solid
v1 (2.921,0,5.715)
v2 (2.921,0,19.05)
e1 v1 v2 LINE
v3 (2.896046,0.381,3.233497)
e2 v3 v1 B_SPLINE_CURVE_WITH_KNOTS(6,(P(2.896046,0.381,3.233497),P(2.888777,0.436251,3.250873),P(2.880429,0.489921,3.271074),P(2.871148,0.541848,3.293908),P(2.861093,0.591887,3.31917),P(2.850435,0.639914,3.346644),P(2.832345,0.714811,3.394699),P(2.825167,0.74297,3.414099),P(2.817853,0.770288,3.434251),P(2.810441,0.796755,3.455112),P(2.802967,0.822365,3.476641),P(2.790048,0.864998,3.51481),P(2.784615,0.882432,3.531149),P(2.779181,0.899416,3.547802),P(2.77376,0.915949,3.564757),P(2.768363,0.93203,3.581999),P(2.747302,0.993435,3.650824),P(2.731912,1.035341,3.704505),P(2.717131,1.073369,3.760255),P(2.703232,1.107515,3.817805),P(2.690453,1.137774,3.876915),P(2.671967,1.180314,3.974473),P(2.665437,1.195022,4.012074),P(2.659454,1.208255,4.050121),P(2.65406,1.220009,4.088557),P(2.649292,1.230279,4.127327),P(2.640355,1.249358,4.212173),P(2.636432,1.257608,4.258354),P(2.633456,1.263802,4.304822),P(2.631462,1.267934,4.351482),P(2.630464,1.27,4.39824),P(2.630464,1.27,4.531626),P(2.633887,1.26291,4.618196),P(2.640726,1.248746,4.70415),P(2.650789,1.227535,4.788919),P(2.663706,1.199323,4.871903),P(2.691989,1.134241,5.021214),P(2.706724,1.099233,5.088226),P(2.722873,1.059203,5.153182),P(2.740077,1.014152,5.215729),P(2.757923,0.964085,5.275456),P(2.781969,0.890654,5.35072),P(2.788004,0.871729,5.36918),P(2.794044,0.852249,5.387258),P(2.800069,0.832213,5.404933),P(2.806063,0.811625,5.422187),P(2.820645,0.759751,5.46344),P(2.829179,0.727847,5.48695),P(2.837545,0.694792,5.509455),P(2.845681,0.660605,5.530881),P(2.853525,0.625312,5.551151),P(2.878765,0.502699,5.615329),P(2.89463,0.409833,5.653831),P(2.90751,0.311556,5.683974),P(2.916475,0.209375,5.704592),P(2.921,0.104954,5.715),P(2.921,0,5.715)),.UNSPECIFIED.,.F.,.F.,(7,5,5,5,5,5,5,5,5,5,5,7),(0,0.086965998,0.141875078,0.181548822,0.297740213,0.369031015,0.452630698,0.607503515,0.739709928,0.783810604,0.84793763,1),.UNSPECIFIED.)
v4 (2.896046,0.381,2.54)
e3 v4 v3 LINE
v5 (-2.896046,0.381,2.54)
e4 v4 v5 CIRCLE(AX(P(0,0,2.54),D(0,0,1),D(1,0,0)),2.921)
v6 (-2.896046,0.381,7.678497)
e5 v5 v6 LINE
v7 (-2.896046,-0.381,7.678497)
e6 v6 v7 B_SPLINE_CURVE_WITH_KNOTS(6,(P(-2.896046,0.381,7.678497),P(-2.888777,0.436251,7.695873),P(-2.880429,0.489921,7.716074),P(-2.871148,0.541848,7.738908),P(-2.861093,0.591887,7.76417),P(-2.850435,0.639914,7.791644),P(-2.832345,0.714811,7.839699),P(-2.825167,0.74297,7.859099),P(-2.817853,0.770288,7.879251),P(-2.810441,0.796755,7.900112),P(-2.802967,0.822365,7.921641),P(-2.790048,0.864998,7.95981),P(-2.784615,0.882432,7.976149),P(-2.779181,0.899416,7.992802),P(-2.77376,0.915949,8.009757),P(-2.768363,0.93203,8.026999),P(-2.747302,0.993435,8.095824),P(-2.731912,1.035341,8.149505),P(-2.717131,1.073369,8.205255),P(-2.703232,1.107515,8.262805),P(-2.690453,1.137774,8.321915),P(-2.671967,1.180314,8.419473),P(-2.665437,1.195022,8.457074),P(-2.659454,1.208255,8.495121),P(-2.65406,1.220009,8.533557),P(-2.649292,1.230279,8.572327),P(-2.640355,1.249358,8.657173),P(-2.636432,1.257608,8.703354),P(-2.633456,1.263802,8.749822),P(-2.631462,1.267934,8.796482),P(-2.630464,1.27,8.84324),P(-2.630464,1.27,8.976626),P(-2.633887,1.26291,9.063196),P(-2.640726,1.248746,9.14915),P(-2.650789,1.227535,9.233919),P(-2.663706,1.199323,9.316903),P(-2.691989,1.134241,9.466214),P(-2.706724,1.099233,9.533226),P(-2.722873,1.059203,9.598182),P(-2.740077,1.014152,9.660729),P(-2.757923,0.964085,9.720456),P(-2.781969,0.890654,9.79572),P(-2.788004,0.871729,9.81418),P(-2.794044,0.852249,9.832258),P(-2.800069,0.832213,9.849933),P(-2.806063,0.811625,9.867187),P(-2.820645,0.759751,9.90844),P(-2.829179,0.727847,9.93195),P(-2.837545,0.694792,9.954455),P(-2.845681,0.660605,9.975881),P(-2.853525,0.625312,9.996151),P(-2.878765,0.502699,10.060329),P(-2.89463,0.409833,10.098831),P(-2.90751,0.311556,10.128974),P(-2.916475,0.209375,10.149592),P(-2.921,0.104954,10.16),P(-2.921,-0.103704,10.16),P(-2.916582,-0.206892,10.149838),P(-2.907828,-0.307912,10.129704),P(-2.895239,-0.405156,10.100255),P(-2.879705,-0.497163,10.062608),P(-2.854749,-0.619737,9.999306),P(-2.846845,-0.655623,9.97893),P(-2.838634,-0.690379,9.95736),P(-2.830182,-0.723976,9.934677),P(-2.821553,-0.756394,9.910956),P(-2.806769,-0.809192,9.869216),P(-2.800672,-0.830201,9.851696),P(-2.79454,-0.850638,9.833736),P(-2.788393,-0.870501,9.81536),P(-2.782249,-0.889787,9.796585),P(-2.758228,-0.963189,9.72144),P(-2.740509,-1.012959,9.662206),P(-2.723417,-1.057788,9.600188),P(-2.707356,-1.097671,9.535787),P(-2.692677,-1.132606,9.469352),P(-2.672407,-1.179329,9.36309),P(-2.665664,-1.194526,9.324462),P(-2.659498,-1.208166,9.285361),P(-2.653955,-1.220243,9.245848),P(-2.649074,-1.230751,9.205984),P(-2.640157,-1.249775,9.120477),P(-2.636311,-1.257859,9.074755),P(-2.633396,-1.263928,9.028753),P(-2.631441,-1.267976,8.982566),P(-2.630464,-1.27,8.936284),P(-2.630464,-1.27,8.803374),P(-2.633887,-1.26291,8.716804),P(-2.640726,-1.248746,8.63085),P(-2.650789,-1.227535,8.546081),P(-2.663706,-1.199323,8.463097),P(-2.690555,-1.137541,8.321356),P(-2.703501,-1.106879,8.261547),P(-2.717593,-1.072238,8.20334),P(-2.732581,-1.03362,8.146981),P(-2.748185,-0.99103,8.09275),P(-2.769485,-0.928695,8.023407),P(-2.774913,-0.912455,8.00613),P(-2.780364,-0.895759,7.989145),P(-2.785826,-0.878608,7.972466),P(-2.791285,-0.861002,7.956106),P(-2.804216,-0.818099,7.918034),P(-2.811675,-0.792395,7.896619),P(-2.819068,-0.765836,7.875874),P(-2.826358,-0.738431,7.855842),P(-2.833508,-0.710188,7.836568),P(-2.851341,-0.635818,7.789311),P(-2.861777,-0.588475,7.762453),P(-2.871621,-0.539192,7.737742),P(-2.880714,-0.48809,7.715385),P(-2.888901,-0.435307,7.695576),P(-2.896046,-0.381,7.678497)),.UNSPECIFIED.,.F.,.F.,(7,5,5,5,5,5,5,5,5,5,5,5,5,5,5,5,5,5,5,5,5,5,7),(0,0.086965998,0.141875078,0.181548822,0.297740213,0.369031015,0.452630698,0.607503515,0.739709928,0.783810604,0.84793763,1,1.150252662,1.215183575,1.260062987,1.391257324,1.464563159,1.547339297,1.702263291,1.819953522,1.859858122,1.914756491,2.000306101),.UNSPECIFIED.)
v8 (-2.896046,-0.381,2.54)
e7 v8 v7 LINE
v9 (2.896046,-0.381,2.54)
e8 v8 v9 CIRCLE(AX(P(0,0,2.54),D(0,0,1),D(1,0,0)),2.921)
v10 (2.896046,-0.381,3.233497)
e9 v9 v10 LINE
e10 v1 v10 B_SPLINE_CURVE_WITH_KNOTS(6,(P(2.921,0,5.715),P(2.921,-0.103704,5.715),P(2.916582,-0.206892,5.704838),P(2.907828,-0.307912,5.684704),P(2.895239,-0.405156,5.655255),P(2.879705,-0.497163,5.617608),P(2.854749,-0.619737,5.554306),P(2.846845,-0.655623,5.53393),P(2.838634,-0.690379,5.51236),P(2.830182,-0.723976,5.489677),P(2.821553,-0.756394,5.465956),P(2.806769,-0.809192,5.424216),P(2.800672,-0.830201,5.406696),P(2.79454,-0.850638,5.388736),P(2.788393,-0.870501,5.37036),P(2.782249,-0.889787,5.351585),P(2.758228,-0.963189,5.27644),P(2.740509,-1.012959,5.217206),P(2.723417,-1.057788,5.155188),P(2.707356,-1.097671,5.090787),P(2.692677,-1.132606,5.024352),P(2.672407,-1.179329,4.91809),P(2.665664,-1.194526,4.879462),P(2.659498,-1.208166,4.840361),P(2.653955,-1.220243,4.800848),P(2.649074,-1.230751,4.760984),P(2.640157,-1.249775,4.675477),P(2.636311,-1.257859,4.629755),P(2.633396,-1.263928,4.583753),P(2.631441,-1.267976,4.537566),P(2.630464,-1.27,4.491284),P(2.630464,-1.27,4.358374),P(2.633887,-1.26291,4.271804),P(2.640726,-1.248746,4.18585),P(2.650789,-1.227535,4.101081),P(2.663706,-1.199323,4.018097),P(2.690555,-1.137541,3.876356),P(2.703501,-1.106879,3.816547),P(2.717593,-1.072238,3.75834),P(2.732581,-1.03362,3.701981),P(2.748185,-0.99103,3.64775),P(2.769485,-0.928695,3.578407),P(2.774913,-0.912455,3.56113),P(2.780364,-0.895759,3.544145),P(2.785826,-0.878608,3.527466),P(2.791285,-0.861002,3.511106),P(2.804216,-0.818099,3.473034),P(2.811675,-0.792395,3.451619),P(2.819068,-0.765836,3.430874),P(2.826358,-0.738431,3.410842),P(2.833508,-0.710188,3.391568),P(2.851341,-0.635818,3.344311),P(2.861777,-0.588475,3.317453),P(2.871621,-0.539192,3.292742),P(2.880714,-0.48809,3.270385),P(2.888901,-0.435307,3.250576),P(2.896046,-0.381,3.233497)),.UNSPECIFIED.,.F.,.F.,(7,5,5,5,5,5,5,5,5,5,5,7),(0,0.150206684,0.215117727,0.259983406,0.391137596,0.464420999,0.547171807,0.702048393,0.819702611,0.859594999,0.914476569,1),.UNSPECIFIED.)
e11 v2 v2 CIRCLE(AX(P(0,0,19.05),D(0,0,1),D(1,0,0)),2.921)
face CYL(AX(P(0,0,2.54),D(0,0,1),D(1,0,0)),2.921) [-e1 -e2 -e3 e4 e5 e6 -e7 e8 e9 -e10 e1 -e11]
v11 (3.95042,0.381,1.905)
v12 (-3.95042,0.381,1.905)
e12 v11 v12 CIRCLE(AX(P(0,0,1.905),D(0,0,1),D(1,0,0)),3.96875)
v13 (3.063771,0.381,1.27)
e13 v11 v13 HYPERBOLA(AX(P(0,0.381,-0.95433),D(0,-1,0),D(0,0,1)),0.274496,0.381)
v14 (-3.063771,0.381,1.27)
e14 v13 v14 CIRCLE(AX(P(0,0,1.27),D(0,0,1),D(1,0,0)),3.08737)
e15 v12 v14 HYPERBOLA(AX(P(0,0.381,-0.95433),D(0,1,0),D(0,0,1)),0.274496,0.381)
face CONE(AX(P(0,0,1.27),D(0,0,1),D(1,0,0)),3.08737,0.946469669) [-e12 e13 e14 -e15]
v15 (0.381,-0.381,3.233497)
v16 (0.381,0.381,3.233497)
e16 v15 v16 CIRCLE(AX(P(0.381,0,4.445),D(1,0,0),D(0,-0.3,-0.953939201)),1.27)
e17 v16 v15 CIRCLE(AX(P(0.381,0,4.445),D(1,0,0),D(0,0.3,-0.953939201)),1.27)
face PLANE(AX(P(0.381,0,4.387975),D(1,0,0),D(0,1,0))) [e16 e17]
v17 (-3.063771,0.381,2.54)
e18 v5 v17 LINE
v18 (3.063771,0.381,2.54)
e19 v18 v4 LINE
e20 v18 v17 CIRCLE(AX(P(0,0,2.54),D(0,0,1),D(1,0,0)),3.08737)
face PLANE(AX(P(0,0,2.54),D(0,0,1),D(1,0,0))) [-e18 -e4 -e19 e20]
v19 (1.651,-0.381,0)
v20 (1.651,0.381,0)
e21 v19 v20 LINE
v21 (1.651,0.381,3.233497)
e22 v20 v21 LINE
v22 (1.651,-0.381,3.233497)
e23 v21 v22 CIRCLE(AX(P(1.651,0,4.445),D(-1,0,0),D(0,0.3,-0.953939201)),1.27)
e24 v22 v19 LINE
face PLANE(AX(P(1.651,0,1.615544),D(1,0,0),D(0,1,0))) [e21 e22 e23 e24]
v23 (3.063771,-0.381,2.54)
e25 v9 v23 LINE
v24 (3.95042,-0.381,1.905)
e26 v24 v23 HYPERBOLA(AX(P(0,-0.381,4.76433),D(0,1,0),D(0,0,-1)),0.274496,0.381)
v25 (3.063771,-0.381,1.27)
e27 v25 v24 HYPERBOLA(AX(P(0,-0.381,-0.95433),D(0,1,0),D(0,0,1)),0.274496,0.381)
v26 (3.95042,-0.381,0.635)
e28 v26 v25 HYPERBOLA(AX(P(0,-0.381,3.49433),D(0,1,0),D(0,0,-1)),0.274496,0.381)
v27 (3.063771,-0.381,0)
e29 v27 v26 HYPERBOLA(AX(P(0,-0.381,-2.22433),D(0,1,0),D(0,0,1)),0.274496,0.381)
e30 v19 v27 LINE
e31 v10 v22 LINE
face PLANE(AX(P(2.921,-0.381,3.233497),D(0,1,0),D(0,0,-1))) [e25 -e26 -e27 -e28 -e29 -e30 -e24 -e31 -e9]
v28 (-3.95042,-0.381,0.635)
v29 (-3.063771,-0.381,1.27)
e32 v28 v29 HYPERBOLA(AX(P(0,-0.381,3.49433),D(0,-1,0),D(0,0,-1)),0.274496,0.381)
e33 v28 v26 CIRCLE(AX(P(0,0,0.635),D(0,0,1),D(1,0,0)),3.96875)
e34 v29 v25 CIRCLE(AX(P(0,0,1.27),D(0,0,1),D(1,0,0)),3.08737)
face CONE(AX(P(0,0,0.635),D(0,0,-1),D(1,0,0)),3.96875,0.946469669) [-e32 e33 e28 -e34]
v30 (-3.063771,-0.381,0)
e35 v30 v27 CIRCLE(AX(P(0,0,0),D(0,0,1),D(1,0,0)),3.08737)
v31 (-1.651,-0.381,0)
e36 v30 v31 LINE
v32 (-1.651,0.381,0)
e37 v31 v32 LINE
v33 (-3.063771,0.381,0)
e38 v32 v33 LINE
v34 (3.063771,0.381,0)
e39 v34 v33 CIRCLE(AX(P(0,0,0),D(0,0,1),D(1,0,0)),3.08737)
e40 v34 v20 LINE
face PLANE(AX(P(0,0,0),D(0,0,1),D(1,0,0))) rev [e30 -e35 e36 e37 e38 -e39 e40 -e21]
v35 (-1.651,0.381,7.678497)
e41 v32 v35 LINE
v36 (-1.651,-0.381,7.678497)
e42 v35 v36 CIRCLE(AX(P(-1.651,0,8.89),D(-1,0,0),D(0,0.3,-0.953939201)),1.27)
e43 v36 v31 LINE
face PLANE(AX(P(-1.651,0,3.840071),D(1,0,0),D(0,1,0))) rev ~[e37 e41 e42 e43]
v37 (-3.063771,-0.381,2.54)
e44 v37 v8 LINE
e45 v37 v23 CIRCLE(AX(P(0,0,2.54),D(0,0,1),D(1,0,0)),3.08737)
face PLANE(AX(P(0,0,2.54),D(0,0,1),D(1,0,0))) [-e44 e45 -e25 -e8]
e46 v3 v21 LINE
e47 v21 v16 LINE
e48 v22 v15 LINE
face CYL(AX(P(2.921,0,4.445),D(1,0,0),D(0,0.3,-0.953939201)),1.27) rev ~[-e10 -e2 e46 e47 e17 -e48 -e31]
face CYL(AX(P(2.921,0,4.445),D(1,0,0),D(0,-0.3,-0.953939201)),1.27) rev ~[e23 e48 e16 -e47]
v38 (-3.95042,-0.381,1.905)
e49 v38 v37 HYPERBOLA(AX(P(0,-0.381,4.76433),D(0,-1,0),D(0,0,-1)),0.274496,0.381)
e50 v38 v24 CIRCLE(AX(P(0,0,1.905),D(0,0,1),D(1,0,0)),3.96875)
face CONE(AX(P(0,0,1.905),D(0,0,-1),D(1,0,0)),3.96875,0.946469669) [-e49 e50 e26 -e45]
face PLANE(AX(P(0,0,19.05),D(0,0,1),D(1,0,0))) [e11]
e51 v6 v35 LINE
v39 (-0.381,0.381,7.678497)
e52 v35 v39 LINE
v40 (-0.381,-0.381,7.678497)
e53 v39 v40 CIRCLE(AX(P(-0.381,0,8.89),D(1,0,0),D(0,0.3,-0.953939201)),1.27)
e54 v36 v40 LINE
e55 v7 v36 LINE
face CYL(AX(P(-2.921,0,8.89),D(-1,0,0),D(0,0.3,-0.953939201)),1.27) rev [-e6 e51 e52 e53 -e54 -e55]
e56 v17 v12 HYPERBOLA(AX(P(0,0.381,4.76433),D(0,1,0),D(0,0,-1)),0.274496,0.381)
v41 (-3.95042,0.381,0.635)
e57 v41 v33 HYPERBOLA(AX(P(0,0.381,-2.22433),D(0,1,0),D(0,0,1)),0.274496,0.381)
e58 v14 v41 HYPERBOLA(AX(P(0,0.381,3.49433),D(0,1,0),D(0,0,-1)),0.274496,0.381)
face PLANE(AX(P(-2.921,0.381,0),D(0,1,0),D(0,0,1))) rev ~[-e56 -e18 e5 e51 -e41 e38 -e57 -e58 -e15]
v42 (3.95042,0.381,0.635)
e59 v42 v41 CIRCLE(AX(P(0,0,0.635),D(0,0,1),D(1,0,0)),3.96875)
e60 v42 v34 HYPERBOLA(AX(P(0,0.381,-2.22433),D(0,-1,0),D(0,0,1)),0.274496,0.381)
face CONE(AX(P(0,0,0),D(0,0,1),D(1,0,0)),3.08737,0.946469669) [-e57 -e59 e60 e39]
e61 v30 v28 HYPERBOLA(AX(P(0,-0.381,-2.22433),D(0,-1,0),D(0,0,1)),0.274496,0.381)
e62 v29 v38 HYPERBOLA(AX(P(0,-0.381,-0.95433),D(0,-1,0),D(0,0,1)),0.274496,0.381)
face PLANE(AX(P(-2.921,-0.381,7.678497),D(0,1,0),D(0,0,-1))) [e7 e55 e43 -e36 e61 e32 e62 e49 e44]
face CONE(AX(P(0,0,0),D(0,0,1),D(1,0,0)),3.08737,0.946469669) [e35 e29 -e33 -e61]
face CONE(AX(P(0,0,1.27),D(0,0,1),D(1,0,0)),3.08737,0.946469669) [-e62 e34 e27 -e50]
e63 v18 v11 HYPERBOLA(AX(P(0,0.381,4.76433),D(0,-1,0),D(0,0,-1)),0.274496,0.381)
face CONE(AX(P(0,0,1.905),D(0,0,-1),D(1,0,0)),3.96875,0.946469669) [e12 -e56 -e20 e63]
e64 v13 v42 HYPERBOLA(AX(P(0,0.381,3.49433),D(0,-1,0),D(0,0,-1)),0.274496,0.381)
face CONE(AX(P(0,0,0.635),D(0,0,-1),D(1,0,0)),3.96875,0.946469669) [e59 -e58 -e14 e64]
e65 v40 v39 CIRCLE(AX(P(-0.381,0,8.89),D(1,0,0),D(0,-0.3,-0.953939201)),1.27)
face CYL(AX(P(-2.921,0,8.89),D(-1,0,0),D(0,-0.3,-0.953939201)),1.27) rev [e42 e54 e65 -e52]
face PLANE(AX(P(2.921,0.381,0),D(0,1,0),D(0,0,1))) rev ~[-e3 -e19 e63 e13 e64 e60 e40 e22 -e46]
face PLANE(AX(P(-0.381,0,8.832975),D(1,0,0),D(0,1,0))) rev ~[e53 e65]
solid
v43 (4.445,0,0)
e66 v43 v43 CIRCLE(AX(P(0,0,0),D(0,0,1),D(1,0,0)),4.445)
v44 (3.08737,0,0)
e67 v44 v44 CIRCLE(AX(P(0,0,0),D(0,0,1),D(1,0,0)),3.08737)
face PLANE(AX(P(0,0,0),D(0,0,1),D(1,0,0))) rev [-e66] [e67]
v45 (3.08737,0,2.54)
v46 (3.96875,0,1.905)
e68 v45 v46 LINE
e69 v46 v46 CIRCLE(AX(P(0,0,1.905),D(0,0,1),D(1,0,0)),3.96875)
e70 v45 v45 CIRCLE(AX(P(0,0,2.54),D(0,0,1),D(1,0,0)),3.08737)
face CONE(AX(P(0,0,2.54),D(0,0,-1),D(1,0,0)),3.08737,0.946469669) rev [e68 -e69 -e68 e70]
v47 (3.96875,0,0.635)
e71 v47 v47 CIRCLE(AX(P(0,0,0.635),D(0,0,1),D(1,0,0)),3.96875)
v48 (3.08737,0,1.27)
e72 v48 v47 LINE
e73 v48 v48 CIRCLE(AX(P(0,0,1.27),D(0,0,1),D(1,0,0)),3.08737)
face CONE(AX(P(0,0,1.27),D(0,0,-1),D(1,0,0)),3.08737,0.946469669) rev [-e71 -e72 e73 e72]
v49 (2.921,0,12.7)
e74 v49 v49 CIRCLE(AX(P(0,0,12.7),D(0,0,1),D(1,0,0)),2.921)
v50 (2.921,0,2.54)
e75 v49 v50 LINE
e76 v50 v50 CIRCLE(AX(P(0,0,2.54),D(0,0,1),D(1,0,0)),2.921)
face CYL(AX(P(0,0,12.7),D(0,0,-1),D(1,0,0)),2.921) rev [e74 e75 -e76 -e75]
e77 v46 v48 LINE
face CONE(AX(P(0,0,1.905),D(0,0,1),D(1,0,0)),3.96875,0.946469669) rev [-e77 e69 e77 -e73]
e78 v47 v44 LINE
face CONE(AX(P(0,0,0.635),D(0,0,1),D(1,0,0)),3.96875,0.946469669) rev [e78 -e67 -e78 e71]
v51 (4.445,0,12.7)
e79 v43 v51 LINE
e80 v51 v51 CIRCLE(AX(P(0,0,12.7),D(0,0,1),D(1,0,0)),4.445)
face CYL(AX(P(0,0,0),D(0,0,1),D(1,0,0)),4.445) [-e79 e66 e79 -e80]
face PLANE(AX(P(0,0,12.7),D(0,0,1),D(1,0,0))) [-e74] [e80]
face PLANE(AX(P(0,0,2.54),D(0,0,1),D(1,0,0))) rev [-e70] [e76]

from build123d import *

# Parameters (mm, degrees)
F4_DEPTH      = 2.54
F5_DEPTH      = 1.27
F5_DEPTH_BACK = 1.04875
F8_DEPTH      = 2.54
F9_DEPTH      = 1.27
F9_DEPTH_BACK = 1.04875


with BuildPart() as f1:
    # F0 (on Front) → F1 (revolve)
    with BuildSketch(Plane.XZ):
        Polygon((0, 19.05), (0, 0), (3.08737, 0), (3.96875, 0.635), (3.08737, 1.27), (3.96875, 1.905), (3.08737, 2.54), (2.921, 2.54), (2.921, 12.7), (2.921, 19.05), align=None)
    revolve(axis=Axis((0, 0, 9.525), (0, 0, 1)))

    # F3 (on offset) → F4 (cut)
    with BuildSketch(Plane.YZ.offset(2.921)):
        with BuildLine():
            ThreePointArc((0.381, 3.2334972142), (1.023906734, 3.6936578675), (1.27, 4.445))
            ThreePointArc((1.27, 4.445), (-0.7513421325, 5.468906734), (-0.381, 3.2334972142))
            ThreePointArc((-0.381, 3.2334972142), (0, 3.175), (0.381, 3.2334972142))
        make_face()
    extrude(amount=-F4_DEPTH, mode=Mode.SUBTRACT)

    # F3 (on offset) → F5 (cut, two sides)
    with BuildSketch(Plane.YZ.offset(2.921)) as f5_sk:
        with BuildLine():
            ThreePointArc((0.381, 3.2334972142), (0, 3.175), (-0.381, 3.2334972142))
            Line((-0.381, 3.2334972142), (-0.381, 0))
            Line((-0.381, 0), (0.381, 0))
            Line((0.381, 0), (0.381, 3.2334972142))
        make_face()
    extrude(amount=-F5_DEPTH, mode=Mode.SUBTRACT)
    extrude(f5_sk.sketch, amount=F5_DEPTH_BACK, mode=Mode.SUBTRACT)

    # F7 (on offset) → F8 (cut)
    with BuildSketch(Plane.YZ.offset(-2.921)):
        with BuildLine():
            ThreePointArc((0.381, 7.6784972142), (1.023906734, 8.1386578675), (1.27, 8.89))
            ThreePointArc((1.27, 8.89), (-0.7513421325, 9.913906734), (-0.381, 7.6784972142))
            ThreePointArc((-0.381, 7.6784972142), (0, 7.62), (0.381, 7.6784972142))
        make_face()
    extrude(amount=F8_DEPTH, mode=Mode.SUBTRACT)

    # F7 (on offset) → F9 (cut, two sides)
    with BuildSketch(Plane.YZ.offset(-2.921)) as f9_sk:
        with BuildLine():
            ThreePointArc((0.381, 7.6784972142), (0, 7.62), (-0.381, 7.6784972142))
            Line((-0.381, 7.6784972142), (-0.381, 0))
            Line((-0.381, 0), (0.381, 0))
            Line((0.381, 0), (0.381, 7.6784972142))
        make_face()
    extrude(amount=F9_DEPTH, mode=Mode.SUBTRACT)
    extrude(f9_sk.sketch, amount=-F9_DEPTH_BACK, mode=Mode.SUBTRACT)


with BuildPart() as f10:
    # F0 (on Front) → F10 (revolve)
    with BuildSketch(Plane.XZ):
        Polygon((3.96875, 0.635), (3.08737, 0), (4.445, 0), (4.445, 12.7), (2.921, 12.7), (2.921, 2.54), (3.08737, 2.54), (3.96875, 1.905), (3.08737, 1.27), align=None)
    revolve(axis=Axis((0, 0, 9.525), (0, 0, 1)))


solid = Compound([f1.part, f10.part])
